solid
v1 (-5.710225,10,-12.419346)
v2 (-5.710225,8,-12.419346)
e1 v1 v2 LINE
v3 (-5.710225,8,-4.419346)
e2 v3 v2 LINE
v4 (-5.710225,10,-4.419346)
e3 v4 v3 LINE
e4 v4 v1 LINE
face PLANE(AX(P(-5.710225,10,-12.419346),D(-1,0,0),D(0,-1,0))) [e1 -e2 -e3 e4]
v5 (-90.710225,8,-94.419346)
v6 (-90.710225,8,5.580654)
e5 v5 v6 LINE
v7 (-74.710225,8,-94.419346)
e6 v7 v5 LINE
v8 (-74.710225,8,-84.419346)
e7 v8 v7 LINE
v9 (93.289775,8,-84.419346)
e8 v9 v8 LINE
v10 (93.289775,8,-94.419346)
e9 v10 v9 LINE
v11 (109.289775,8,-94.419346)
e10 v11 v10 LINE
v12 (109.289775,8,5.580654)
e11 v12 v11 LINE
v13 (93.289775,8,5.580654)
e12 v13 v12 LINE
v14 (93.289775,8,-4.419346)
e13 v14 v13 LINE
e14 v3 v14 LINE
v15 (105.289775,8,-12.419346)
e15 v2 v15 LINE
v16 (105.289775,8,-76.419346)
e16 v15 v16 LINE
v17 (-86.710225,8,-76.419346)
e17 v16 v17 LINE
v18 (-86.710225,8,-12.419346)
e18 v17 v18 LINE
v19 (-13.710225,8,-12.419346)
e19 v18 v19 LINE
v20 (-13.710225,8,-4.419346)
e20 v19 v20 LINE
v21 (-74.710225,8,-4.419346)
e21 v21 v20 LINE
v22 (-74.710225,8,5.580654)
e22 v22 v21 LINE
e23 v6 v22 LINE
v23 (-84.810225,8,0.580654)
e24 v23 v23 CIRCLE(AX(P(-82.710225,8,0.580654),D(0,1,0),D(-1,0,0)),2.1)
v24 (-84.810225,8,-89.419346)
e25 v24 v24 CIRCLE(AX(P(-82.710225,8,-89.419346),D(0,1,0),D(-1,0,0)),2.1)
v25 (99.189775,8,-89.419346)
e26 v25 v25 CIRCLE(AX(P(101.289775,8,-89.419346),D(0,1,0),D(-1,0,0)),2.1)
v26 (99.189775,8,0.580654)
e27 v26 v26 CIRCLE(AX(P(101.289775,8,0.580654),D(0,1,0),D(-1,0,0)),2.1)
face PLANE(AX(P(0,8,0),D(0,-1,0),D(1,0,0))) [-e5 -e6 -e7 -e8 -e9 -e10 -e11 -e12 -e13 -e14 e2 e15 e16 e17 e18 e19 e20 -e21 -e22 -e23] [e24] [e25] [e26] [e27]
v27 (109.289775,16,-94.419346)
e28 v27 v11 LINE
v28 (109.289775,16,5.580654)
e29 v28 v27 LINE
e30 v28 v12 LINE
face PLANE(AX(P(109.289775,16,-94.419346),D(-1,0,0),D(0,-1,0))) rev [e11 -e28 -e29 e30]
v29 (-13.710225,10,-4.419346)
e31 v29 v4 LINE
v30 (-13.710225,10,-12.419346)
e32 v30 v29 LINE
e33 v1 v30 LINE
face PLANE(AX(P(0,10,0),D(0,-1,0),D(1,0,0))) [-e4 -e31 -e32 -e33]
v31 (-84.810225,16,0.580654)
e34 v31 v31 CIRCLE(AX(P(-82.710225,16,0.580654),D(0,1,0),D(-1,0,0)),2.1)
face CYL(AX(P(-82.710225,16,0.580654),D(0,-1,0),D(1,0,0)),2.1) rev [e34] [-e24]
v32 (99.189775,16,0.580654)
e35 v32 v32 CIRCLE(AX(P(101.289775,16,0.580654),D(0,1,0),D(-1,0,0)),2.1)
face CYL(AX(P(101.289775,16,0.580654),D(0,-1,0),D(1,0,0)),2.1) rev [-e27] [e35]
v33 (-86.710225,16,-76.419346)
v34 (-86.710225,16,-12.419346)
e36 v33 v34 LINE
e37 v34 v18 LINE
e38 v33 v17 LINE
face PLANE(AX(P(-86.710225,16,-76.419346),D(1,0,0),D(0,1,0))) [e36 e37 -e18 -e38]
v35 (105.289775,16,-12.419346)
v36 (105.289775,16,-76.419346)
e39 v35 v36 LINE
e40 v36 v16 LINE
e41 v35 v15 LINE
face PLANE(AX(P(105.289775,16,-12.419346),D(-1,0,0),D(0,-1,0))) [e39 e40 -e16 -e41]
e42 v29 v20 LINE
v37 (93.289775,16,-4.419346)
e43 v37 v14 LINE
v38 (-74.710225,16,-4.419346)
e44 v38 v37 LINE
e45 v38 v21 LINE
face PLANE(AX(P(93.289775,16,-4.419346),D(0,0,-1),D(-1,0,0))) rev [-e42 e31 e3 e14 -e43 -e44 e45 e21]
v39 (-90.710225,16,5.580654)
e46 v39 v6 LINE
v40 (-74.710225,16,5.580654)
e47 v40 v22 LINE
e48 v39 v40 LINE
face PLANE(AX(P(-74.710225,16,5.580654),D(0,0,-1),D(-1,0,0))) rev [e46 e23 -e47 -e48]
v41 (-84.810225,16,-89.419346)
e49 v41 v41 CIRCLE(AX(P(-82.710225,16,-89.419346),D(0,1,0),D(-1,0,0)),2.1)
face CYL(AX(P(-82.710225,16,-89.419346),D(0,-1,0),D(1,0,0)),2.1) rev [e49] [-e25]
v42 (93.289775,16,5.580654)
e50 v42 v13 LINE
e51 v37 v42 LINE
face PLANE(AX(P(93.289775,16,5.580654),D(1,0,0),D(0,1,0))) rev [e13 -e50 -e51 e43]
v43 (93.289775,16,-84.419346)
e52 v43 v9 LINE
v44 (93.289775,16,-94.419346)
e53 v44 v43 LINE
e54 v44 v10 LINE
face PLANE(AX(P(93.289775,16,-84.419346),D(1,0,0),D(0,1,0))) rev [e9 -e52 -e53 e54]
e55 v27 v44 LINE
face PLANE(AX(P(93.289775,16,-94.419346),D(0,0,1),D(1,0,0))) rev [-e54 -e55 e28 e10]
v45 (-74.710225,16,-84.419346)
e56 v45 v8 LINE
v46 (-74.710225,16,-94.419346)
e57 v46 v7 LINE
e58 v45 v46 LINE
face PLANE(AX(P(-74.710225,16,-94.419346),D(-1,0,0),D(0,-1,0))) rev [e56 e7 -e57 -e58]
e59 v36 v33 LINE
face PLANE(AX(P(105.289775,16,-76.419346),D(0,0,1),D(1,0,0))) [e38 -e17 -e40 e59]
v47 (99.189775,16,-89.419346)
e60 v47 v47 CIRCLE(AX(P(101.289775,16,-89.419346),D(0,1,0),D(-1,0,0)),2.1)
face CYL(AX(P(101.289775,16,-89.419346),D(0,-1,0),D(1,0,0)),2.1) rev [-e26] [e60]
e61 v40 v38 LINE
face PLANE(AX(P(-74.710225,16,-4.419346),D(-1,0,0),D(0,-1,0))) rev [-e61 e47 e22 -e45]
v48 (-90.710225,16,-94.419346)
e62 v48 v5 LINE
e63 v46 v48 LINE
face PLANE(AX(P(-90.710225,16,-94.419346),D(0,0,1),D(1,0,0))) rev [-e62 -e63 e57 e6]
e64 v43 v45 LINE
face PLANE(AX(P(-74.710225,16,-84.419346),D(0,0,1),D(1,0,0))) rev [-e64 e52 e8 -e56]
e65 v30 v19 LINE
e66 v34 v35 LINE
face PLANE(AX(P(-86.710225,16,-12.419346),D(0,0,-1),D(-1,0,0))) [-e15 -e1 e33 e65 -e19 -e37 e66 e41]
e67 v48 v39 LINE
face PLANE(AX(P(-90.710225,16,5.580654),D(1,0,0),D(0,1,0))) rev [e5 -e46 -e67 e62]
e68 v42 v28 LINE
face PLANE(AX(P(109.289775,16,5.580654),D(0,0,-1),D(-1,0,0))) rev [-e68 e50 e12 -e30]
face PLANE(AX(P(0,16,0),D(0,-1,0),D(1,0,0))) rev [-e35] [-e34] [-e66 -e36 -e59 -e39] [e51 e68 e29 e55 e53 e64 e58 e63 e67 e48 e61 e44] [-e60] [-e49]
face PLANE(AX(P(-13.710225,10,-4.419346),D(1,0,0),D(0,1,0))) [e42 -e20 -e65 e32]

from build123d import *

# Parameters (mm, degrees)
SKETCH_1_R          = 2.1
SKETCH_1_W          = 192
SKETCH_1_H          = 64
EXTRUDE_1_DEPTH     = 8
SKETCH_3_W          = 8
SKETCH_3_H          = 8
CUT_EXTRUDE_1_DEPTH = 2


with BuildPart() as part:
    # Эскиз1 → Бобышка-Вытянуть1 (new body)
    with BuildSketch(Plane(origin=(0, 8, 0), x_dir=(1, 0, 0), z_dir=(0, 1, 0))):
        Polygon((109.289774647, 94.419345598), (109.289774647, -5.580654402), (93.289774647, -5.580654402), (93.289774647, 4.419345598), (-74.710225353, 4.419345598), (-74.710225353, -5.580654402), (-90.710225353, -5.580654402), (-90.710225353, 94.419345598), (-74.710225353, 94.419345598), (-74.710225353, 84.419345598), (93.289774647, 84.419345598), (93.289774647, 94.419345598), align=None)
        with Locations(Location((-82.710225353, 89.419345598, 0), (0, 0, 180))):
            Circle(SKETCH_1_R, mode=Mode.SUBTRACT)
        with Locations(Location((-82.710225353, -0.580654402, 0), (0, 0, 180))):
            Circle(SKETCH_1_R, mode=Mode.SUBTRACT)
        with Locations(Location((101.289774647, -0.580654402, 0), (0, 0, 180))):
            Circle(SKETCH_1_R, mode=Mode.SUBTRACT)
        with Locations(Location((101.289774647, 89.419345598, 0), (0, 0, 180))):
            Circle(SKETCH_1_R, mode=Mode.SUBTRACT)
        with Locations((9.289774647, 44.419345598)):
            Rectangle(SKETCH_1_W, SKETCH_1_H, mode=Mode.SUBTRACT)
    extrude(amount=EXTRUDE_1_DEPTH)

    # Эскиз3 → Вырез-Вытянуть1 (cut)
    with BuildSketch(Plane(origin=(0, 8, 0), x_dir=(1, 0, 0), z_dir=(0, 1, 0))):
        with Locations((-9.710225353, 8.419345598)):
            Rectangle(SKETCH_3_W, SKETCH_3_H)
    extrude(amount=CUT_EXTRUDE_1_DEPTH, mode=Mode.SUBTRACT)


solid = part.part
